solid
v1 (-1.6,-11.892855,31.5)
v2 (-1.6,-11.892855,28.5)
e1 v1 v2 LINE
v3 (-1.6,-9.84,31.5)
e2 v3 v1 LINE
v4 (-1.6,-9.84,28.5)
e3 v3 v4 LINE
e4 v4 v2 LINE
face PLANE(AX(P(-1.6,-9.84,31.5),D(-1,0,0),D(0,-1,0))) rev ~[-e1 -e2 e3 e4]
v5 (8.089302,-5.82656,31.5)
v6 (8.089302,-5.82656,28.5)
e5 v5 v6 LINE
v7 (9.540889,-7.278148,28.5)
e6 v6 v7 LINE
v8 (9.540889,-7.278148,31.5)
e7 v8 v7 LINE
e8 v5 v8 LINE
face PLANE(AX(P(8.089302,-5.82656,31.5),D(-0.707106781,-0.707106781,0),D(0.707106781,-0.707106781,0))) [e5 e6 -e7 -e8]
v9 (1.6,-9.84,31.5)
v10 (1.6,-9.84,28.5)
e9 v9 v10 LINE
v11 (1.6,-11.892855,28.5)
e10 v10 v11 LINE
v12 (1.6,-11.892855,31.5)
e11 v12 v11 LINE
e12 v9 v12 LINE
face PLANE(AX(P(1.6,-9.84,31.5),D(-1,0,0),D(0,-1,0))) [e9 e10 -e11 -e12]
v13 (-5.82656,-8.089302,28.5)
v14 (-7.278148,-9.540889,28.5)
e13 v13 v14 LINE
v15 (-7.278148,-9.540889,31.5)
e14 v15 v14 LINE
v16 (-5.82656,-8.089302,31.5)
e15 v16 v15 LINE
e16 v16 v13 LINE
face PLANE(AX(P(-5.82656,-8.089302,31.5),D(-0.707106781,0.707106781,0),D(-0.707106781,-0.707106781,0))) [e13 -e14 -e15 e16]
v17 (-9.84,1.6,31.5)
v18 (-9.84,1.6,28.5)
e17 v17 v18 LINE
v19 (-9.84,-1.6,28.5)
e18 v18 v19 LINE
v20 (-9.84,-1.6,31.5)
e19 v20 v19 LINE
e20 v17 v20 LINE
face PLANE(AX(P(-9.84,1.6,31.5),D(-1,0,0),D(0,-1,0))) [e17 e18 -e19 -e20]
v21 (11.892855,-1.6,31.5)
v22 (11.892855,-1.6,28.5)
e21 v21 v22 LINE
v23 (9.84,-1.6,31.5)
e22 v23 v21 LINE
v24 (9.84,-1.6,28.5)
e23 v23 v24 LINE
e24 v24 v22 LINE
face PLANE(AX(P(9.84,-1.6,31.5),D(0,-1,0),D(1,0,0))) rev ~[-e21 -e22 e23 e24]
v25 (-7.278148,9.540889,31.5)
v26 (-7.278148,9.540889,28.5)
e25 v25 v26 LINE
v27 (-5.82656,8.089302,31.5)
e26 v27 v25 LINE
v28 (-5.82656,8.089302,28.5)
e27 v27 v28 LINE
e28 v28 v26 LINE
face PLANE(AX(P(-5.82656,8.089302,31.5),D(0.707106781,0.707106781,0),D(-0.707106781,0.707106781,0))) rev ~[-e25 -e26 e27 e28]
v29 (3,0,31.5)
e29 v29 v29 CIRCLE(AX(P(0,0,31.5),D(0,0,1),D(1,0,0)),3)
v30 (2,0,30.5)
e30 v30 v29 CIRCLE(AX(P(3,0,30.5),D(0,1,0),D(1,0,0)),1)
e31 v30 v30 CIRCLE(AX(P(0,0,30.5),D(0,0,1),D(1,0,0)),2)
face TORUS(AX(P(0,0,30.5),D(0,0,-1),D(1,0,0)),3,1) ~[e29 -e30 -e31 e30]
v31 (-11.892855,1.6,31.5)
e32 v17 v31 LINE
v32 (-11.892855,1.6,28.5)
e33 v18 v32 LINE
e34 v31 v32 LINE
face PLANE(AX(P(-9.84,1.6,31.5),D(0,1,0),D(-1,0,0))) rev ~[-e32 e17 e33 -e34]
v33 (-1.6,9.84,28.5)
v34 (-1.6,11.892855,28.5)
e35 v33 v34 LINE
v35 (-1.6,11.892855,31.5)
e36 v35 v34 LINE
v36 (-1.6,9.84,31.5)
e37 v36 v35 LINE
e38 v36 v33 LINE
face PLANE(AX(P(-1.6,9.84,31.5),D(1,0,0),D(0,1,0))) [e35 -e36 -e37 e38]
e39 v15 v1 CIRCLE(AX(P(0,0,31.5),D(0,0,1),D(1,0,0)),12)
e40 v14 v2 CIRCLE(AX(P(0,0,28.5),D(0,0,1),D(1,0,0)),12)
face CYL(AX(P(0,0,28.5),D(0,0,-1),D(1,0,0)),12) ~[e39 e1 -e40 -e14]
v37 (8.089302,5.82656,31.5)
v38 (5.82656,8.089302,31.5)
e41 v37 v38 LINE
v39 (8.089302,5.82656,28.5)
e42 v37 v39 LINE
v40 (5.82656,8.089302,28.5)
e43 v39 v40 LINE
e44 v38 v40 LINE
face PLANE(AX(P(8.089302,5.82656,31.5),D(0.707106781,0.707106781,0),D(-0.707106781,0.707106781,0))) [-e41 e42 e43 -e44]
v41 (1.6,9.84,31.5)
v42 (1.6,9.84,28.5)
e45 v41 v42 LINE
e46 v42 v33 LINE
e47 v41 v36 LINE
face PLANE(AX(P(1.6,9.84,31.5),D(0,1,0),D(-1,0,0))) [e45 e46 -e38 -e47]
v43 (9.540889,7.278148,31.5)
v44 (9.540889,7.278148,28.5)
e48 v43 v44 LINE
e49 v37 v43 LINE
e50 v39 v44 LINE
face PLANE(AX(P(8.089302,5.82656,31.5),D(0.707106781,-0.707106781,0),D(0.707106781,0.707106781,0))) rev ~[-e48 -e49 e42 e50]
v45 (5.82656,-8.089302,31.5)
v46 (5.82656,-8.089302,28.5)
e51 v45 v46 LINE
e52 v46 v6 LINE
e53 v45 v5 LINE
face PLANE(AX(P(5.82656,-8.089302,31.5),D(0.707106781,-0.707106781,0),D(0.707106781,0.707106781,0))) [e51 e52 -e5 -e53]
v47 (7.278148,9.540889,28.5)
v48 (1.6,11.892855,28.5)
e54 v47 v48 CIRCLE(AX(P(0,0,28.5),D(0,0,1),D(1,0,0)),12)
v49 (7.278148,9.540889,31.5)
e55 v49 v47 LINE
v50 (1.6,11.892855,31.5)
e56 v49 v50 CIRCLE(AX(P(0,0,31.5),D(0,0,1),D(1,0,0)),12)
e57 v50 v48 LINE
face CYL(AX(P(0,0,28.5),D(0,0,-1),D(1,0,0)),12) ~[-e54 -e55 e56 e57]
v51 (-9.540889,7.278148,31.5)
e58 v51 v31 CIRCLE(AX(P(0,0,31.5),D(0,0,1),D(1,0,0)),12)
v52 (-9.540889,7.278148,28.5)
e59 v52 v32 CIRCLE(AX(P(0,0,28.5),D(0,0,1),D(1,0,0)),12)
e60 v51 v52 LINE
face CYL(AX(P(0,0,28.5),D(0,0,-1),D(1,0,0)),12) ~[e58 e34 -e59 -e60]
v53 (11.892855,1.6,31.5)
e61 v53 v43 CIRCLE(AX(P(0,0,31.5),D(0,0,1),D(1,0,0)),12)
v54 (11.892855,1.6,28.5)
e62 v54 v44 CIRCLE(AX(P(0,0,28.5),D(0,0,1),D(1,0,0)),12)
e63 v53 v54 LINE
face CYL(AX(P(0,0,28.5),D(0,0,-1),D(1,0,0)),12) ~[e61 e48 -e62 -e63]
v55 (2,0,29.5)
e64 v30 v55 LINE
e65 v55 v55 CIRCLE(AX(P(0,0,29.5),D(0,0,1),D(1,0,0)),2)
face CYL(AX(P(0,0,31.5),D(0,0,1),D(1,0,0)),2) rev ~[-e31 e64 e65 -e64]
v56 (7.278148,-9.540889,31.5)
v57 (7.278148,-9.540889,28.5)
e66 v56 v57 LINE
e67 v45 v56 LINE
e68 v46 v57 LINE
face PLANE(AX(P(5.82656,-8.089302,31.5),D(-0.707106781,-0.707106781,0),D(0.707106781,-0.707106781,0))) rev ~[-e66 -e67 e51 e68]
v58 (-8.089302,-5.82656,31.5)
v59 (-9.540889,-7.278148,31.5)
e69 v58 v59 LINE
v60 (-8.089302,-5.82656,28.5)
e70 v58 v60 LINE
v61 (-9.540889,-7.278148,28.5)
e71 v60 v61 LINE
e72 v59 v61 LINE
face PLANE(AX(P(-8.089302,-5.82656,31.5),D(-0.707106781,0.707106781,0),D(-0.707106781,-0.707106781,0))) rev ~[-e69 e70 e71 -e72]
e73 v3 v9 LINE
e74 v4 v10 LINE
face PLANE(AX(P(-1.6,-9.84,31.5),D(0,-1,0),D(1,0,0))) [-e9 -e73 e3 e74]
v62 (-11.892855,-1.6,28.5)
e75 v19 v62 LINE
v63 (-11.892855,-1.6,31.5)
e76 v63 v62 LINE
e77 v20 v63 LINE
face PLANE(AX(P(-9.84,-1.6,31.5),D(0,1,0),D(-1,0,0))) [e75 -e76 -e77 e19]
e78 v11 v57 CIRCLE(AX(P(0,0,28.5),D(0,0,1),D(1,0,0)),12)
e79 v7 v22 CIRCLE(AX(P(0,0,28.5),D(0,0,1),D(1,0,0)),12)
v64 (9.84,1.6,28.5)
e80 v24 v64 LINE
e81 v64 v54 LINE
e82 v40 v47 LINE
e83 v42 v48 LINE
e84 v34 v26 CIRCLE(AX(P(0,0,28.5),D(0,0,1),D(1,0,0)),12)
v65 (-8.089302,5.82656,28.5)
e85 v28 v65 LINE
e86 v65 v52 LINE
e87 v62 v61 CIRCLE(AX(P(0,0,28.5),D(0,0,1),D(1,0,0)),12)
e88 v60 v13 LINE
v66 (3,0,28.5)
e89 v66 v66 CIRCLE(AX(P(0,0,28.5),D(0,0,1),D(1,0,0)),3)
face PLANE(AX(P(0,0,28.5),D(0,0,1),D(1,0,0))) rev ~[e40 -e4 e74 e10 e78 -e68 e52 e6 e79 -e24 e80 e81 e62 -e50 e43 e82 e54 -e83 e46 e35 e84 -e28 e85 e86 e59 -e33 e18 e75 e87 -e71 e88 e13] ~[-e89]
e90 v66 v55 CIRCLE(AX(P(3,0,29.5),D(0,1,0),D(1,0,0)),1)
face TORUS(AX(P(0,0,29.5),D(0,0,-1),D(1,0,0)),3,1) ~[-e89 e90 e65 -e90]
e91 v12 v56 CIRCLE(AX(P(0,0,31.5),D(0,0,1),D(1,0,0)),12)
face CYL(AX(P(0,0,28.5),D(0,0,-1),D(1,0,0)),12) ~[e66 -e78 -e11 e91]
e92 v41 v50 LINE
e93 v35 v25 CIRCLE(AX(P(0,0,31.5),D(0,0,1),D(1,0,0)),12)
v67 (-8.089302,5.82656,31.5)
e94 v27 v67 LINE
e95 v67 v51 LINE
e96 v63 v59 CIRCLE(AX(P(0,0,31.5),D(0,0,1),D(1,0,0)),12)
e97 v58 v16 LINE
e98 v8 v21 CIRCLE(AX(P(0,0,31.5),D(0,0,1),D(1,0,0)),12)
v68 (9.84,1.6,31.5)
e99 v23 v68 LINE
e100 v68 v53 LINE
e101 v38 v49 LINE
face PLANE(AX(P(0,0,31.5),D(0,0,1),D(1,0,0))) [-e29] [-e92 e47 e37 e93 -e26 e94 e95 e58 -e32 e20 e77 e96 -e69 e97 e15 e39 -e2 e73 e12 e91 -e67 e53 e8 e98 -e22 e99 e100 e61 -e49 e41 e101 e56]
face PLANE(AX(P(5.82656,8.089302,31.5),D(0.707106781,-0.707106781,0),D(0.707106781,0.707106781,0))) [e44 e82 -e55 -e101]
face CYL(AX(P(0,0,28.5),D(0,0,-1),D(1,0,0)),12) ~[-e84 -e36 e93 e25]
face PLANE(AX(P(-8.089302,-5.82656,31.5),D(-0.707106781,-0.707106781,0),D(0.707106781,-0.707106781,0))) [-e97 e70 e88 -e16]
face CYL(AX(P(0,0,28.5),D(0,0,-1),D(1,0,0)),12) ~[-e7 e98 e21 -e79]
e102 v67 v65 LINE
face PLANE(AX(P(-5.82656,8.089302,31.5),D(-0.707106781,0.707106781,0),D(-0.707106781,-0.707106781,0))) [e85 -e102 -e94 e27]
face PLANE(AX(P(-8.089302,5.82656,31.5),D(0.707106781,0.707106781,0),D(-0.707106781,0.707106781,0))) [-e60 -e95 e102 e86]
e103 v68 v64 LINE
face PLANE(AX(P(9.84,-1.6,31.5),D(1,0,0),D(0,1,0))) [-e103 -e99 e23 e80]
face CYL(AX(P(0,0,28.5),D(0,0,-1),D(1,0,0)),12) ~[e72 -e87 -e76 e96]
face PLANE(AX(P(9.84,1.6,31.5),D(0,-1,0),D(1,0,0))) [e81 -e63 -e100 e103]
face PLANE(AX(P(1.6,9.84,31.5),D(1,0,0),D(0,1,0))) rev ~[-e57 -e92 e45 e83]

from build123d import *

# Parameters (mm, degrees)
SKETCH001_R        = 12
PAD001_DEPTH       = 3
SKETCH002_W        = 2.57
SKETCH002_H        = 3.2
POCKET_DEPTH       = 5
POLARPATTERN_COUNT = 8
SKETCH003_R        = 2
POCKET001_DEPTH    = 6
FILLET_R           = 1
FILLET002_R        = 1


with BuildPart() as part:
    # Sketch001 → Pad001 (new body)
    with BuildSketch(Plane.XY.offset(28.5)):
        Circle(SKETCH001_R)
    extrude(amount=PAD001_DEPTH)

    # Sketch002 (on Face3 of Pad001) → Pocket (cut)
    with BuildSketch(Plane.XY.offset(31.5)):
        with Locations((11.125, 0)):
            Rectangle(SKETCH002_W, SKETCH002_H)
    pocket = extrude(amount=-POCKET_DEPTH, mode=Mode.SUBTRACT)

    # PolarPattern: Pocket ×8 about axis
    polarpattern_axis = Axis((0, 0, 31.5), (0, 0, 1))
    for i in range(1, POLARPATTERN_COUNT):
        add(pocket.rotate(polarpattern_axis, i * 360 / POLARPATTERN_COUNT), mode=Mode.SUBTRACT)

    # Sketch003 (on Face4 of PolarPattern) → Pocket001 (cut)
    with BuildSketch(Plane.XY.offset(31.5)):
        Circle(SKETCH003_R)
    extrude(amount=-POCKET001_DEPTH, mode=Mode.SUBTRACT)

    # Fillet
    fillet_edges = [part.edges().sort_by_distance(p)[0] for p in [
        (-2, 0, 28.5),
    ]]
    fillet(fillet_edges, radius=FILLET_R)

    # Fillet002
    fillet002_edges = [part.edges().sort_by_distance(p)[0] for p in [
        (-2, 0, 31.5),
    ]]
    fillet(fillet002_edges, radius=FILLET002_R)


solid = part.part
